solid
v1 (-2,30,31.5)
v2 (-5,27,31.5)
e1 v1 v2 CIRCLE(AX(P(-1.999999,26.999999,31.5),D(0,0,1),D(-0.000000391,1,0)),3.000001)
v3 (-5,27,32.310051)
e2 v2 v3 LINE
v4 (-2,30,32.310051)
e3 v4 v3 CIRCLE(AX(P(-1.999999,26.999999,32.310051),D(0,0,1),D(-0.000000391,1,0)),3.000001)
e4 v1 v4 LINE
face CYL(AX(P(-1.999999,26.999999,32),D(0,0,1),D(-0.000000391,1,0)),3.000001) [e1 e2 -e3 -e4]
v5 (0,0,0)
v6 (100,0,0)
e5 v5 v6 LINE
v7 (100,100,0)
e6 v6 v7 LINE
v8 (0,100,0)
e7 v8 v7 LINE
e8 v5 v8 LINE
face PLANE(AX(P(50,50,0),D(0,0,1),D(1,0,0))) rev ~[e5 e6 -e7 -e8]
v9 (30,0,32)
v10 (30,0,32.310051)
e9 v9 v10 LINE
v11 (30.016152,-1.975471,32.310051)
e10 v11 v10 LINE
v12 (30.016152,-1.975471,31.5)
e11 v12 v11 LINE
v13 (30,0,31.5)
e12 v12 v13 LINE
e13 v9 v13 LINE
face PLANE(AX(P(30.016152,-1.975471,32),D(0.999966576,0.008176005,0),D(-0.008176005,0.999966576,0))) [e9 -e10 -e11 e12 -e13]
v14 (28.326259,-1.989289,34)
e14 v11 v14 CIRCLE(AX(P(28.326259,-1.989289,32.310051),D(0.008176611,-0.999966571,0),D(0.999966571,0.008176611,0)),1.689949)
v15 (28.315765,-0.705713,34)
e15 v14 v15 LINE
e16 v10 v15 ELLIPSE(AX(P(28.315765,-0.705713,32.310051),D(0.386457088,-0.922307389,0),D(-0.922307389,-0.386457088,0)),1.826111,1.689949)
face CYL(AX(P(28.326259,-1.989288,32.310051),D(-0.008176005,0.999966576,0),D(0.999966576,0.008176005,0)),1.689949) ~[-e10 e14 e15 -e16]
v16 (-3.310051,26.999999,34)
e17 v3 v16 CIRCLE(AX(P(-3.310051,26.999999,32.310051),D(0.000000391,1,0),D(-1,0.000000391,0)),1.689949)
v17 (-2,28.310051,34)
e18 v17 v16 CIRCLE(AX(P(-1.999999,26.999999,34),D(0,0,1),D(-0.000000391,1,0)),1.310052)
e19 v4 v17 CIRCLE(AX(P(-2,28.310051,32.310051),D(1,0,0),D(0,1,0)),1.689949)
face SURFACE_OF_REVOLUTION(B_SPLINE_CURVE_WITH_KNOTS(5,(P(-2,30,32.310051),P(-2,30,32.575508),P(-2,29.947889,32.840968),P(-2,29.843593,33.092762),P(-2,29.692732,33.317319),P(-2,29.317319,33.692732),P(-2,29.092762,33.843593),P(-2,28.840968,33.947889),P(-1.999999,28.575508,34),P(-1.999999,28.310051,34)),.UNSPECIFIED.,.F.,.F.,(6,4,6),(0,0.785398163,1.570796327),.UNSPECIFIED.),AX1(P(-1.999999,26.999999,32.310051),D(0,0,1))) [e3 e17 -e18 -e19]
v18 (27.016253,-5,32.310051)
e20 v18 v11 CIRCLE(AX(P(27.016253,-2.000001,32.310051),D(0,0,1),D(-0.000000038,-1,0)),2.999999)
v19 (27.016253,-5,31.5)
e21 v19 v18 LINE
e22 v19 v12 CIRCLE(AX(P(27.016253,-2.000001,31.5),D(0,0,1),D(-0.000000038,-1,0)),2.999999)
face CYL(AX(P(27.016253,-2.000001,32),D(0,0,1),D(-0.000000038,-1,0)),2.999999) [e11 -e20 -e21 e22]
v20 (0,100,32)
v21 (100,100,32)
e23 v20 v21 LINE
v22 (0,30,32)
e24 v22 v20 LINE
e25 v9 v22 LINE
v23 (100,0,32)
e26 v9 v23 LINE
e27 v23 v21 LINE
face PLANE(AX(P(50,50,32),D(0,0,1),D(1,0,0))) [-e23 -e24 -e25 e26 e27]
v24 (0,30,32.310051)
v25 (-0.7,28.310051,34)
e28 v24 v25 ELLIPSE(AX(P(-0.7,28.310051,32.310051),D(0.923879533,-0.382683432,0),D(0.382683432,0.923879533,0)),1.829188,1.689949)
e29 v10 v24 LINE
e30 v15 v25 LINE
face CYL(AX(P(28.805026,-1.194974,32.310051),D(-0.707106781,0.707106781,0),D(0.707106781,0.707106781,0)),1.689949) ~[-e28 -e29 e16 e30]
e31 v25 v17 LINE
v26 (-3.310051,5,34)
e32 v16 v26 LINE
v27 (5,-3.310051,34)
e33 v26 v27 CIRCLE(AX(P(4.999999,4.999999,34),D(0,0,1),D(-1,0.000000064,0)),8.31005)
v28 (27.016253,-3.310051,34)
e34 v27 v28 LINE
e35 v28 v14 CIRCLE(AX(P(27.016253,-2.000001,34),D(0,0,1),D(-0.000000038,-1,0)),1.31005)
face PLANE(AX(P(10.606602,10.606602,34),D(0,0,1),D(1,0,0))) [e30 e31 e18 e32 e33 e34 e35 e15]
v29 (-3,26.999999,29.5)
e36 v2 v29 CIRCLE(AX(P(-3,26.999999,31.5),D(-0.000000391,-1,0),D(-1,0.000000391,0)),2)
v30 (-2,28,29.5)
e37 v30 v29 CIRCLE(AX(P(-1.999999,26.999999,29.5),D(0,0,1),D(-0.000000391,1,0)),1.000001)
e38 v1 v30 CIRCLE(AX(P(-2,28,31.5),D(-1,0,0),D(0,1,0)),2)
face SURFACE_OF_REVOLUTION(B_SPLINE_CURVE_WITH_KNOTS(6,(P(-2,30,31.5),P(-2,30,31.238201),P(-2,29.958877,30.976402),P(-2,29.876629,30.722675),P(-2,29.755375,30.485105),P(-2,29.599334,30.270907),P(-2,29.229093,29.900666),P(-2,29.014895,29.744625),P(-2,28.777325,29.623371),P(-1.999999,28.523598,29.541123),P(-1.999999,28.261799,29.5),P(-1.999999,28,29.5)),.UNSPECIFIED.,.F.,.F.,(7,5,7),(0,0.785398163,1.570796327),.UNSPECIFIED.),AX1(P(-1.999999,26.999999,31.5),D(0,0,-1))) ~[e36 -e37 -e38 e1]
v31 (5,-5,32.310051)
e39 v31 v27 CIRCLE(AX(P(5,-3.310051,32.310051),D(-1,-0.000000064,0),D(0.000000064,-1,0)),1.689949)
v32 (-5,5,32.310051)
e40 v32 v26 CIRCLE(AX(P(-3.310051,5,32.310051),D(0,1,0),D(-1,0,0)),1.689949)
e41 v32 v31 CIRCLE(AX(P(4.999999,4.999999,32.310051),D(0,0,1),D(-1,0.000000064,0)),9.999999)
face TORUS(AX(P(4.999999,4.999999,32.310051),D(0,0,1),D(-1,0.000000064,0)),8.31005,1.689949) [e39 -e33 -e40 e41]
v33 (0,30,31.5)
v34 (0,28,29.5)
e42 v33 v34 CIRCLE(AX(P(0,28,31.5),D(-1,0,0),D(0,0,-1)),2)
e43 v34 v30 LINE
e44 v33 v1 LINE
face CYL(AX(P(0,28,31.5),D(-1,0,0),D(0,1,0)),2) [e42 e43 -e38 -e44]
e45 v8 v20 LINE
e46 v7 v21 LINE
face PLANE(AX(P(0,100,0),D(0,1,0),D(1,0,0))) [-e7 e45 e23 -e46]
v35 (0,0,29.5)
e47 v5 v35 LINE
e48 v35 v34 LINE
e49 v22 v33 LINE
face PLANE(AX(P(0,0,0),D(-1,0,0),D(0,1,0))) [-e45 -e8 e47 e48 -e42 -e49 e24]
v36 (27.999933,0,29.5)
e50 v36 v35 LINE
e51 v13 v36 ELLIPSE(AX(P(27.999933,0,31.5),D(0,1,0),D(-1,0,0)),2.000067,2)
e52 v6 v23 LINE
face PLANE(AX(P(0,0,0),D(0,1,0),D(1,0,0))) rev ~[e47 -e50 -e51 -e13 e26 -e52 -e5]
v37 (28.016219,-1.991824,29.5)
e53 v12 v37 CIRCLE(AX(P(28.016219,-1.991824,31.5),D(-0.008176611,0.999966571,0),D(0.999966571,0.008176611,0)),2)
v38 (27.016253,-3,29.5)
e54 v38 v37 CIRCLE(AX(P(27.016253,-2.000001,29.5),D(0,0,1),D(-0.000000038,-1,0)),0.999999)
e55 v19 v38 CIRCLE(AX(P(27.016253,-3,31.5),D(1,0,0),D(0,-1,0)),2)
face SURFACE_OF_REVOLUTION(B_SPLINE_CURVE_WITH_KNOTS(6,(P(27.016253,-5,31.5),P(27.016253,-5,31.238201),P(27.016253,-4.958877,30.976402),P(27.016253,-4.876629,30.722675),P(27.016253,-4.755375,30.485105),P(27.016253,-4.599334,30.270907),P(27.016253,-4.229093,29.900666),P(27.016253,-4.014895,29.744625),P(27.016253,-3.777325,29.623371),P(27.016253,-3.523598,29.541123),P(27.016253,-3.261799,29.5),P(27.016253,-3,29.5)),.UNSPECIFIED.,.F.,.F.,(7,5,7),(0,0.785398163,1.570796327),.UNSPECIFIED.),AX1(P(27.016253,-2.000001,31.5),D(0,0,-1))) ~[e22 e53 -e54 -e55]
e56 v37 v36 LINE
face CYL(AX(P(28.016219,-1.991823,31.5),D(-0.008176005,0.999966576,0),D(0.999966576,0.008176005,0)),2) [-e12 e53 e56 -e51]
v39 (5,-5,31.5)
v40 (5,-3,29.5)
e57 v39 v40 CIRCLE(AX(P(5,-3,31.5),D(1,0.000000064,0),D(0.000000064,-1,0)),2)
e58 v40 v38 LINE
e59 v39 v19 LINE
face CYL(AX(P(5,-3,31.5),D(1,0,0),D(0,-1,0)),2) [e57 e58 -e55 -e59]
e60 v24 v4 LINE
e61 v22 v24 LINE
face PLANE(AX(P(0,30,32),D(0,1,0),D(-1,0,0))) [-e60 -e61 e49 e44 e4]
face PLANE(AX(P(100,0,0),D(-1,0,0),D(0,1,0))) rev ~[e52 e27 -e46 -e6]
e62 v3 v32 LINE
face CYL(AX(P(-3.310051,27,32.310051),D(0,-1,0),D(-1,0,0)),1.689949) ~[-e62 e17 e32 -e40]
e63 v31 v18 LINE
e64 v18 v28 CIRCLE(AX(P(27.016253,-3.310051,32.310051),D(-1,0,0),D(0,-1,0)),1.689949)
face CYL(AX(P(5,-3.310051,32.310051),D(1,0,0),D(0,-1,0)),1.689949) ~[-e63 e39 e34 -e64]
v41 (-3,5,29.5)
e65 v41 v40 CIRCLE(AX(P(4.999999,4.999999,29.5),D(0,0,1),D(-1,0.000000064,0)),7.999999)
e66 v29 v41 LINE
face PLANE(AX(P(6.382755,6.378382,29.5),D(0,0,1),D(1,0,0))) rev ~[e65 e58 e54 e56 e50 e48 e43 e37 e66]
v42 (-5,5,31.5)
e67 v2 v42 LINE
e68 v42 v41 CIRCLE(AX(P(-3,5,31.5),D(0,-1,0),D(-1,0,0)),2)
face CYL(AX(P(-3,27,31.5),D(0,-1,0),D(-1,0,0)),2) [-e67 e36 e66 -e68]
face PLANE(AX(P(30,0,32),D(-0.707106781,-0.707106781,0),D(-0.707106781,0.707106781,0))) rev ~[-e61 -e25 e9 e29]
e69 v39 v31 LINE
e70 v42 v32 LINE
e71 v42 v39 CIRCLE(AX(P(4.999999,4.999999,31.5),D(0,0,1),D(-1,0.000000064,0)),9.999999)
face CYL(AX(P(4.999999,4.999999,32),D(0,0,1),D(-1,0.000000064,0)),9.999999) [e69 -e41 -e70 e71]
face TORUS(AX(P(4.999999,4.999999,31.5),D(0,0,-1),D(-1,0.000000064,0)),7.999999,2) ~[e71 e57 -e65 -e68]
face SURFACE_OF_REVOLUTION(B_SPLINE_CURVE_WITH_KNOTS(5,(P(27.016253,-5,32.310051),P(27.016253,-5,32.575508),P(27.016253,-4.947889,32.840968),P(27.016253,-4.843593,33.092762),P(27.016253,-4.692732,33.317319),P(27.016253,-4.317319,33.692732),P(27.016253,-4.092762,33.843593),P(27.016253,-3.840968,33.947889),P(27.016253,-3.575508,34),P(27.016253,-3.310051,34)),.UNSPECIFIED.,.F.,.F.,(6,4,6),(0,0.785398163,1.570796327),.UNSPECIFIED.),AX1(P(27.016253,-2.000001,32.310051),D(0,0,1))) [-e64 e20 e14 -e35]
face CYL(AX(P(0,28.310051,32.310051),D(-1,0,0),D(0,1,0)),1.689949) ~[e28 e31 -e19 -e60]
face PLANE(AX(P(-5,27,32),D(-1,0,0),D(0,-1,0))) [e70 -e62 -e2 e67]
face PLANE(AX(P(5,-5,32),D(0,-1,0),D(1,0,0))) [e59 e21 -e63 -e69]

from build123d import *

# Parameters (mm, degrees)
F0_W     = 100
F0_H     = 100
F1_DEPTH = 32
F3_DEPTH = 2
F4_DEPTH = 2.5
F5_R     = 2
F6_R     = 1.689949


with BuildPart() as f1:
    # F0 (on Top) → F1 (new body)
    with BuildSketch(Plane.XY):
        with Locations((50, 50)):
            Rectangle(F0_W, F0_H)
    extrude(amount=F1_DEPTH)



with BuildPart() as f3:
    # F2 (on face) → F3 (new body)
    with BuildSketch(Plane.XY.offset(32)):
        Polygon((0, 30), (0, 0), (30, 0), align=None)
        with BuildLine():
            Line((30, 0), (0, 0))
            Line((0, 0), (0, 30))
            Line((0, 30), (-2, 30))
            ThreePointArc((-2, 30), (-4.12132, 29.12132), (-5, 27))
            Line((-5, 27), (-5, 5))
            ThreePointArc((-5, 5), (-2.071068, -2.071068), (5, -5))
            Line((5, -5), (27.016253, -5))
            ThreePointArc((27.016253, -5), (29.146228, -4.11263), (30.016152, -1.975471))
            Line((30.016152, -1.975471), (30, 0))
        make_face()
    extrude(amount=F3_DEPTH)


with BuildPart() as f1_1:
    add(f1.part)

    add(f3.part)  # F4 merges F3
    # F2 (on face) → F4 (join)
    with BuildSketch(Plane.XY.offset(32)):
        with BuildLine():
            Line((30, 0), (0, 0))
            Line((0, 0), (0, 30))
            Line((0, 30), (-2, 30))
            ThreePointArc((-2, 30), (-4.12132, 29.12132), (-5, 27))
            Line((-5, 27), (-5, 5))
            ThreePointArc((-5, 5), (-2.071068, -2.071068), (5, -5))
            Line((5, -5), (27.016253, -5))
            ThreePointArc((27.016253, -5), (29.146228, -4.11263), (30.016152, -1.975471))
            Line((30.016152, -1.975471), (30, 0))
        make_face()
    extrude(amount=-F4_DEPTH)

    # F5
    f5_edges = [f1_1.edges().sort_by_distance(p)[0] for p in [
        (-1, 30, 29.5),
        (-4.12132, 29.12132, 29.5),
        (-5, 16, 29.5),
        (-2.071068, -2.071068, 29.5),
        (16.008126, -5, 29.5),
        (29.146228, -4.11263, 29.5),
        (30.008076, -0.987736, 29.5),
    ]]
    fillet(f5_edges, radius=F5_R)

    # F6
    f6_edges = [f1_1.edges().sort_by_distance(p)[0] for p in [
        (15, 15, 34),
        (-1, 30, 34),
        (-4.12132, 29.12132, 34),
        (-5, 16, 34),
        (-2.071068, -2.071068, 34),
        (16.008126, -5, 34),
        (29.146228, -4.11263, 34),
        (30.008076, -0.987736, 34),
    ]]
    fillet(f6_edges, radius=F6_R)


solid = f1_1.part
